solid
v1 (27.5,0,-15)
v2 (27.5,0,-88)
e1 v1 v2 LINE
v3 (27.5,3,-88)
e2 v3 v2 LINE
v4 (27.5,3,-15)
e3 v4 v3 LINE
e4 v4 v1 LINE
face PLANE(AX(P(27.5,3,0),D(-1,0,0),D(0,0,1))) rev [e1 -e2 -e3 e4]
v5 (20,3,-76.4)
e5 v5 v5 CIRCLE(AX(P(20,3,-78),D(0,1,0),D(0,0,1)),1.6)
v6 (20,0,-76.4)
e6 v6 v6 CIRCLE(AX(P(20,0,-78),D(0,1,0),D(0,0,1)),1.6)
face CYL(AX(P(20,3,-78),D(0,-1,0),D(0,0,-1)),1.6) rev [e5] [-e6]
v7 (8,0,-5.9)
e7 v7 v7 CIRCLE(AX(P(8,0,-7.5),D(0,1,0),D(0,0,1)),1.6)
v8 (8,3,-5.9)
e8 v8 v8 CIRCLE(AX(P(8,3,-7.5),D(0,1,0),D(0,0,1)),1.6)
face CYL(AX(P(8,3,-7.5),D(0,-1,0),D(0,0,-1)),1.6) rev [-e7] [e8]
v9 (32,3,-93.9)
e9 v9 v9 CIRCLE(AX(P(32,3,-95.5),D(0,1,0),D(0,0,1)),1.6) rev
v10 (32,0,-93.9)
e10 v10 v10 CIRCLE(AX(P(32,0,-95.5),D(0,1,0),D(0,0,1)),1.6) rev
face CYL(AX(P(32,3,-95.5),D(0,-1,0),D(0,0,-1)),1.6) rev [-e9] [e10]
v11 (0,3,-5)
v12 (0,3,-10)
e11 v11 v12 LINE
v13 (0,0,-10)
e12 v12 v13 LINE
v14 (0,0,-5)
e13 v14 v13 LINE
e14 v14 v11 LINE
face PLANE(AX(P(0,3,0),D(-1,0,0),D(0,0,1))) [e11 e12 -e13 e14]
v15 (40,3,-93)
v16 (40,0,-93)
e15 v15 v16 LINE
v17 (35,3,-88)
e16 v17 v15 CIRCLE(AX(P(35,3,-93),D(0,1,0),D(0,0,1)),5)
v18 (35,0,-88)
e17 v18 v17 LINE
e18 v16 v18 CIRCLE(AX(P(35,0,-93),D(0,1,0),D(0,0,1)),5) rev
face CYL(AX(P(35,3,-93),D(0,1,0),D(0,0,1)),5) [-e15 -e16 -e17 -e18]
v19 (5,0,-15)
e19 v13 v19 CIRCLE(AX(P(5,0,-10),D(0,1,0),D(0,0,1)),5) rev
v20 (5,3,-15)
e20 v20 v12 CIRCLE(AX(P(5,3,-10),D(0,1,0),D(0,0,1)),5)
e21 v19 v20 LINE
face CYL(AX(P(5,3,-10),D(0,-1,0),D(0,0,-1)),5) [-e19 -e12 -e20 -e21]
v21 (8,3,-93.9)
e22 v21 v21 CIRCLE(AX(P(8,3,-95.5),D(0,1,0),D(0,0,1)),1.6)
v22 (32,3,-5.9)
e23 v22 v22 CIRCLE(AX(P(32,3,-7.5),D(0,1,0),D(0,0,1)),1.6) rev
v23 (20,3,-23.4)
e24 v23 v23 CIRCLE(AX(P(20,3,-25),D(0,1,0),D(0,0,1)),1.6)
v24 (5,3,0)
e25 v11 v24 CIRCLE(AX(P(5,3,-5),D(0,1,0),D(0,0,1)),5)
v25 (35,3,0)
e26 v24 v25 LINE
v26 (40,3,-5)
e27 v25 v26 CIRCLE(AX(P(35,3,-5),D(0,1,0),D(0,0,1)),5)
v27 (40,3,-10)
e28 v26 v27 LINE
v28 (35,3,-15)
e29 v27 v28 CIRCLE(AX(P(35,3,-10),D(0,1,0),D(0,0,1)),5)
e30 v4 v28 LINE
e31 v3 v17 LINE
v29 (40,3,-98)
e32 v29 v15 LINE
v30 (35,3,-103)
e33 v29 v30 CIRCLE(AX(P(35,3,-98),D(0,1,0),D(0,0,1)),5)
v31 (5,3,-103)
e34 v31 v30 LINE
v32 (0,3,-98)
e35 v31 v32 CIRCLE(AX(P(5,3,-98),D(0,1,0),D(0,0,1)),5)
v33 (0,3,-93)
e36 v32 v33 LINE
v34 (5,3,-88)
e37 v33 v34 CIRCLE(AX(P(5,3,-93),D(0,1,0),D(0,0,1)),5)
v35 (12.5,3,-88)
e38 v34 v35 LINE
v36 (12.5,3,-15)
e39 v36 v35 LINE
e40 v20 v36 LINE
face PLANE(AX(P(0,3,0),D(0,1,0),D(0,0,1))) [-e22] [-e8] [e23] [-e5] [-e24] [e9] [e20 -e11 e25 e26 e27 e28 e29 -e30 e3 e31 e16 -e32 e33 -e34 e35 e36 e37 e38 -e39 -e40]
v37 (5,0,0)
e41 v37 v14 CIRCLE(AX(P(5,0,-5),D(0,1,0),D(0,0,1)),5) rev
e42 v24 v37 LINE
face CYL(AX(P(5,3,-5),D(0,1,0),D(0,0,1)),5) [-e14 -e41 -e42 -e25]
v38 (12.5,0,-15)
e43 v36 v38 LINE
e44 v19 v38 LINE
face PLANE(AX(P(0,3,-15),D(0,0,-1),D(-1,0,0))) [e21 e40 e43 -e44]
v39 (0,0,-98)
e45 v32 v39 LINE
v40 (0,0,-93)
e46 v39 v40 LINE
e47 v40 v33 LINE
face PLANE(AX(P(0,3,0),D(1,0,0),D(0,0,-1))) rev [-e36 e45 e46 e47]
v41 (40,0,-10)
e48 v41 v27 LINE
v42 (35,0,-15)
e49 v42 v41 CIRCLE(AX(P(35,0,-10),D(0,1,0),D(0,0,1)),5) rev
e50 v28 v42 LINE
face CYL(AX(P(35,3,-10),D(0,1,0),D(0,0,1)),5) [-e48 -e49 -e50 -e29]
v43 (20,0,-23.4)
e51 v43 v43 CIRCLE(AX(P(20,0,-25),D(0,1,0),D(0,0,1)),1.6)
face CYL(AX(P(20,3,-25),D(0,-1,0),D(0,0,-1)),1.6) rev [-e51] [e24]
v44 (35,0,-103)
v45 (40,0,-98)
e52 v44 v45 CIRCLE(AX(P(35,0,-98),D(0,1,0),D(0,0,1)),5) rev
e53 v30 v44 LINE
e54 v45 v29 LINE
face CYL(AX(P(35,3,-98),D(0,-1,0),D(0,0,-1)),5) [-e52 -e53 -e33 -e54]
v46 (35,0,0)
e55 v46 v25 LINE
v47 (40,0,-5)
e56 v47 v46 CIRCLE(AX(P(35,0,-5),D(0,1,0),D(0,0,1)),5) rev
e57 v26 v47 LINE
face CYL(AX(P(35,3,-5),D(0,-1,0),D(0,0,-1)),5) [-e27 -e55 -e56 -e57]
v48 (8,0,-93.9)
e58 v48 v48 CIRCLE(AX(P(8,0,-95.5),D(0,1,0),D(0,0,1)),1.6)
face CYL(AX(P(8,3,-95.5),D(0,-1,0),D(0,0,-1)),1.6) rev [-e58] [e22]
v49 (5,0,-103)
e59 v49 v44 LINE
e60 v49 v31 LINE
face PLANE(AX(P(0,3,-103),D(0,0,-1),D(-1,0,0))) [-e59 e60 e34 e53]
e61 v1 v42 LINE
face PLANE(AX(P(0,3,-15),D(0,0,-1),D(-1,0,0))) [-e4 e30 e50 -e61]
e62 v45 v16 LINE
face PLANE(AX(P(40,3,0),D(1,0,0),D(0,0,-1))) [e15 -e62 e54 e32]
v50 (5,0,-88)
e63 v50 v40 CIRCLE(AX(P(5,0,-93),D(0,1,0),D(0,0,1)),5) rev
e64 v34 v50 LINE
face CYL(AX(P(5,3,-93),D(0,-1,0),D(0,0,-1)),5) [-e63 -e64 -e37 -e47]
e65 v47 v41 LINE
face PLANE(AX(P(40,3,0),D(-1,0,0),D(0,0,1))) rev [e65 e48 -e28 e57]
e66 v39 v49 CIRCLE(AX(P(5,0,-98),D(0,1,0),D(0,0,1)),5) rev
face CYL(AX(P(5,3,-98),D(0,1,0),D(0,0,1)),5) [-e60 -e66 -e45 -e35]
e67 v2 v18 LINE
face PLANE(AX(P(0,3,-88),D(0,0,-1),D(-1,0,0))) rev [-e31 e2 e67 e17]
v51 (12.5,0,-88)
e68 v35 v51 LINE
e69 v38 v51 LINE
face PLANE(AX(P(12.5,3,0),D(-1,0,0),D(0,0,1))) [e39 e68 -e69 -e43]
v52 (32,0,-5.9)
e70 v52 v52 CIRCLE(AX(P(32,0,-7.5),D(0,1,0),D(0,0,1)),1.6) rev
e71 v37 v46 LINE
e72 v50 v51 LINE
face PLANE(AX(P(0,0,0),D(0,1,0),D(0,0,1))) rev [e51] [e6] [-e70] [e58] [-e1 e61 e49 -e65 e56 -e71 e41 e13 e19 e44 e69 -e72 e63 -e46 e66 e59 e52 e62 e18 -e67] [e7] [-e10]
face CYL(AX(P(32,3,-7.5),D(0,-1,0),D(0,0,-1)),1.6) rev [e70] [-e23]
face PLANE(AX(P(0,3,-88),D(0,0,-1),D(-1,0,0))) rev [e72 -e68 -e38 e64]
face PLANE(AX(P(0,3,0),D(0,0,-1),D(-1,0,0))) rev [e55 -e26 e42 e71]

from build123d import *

# Parameters (mm, degrees)
SKETCH1_R           = 1.6
SKETCH1_W           = 15
SKETCH1_H           = 73
SKETCH1_W_2         = 40
SKETCH1_H_2         = 15
BOSS_EXTRUDE1_DEPTH = 3
FILLET1_R           = 5


with BuildPart() as part:
    # Sketch1 → Boss-Extrude1 (new body)
    # profile 1 of 3: a face of its own
    with BuildSketch(Plane(origin=(0, 0, 0), x_dir=(1, 0, 0), z_dir=(0, 1, 0))):
        Polygon((0, 88), (12.5, 88), (27.5, 88), (40, 88), (40, 103), (0, 103), align=None)
        with Locations(Location((8, 95.5, 0), (0, 0, 270))):
            Circle(SKETCH1_R, mode=Mode.SUBTRACT)
        with Locations(Location((32, 95.5, 0), (0, 0, 270))):
            Circle(SKETCH1_R, mode=Mode.SUBTRACT)
    # profile 2 of 3: a face of its own
    with BuildSketch(Plane(origin=(0, 0, 0), x_dir=(1, 0, 0), z_dir=(0, 1, 0))):
        with Locations((20, 51.5)):
            Rectangle(SKETCH1_W, SKETCH1_H)
        with Locations(Location((20, 25, 0), (0, 0, 270))):
            Circle(SKETCH1_R, mode=Mode.SUBTRACT)
        with Locations(Location((20, 78, 0), (0, 0, 270))):
            Circle(SKETCH1_R, mode=Mode.SUBTRACT)
    # profile 3 of 3: a face of its own
    with BuildSketch(Plane(origin=(0, 0, 0), x_dir=(1, 0, 0), z_dir=(0, 1, 0))):
        with Locations((20, 7.5)):
            Rectangle(SKETCH1_W_2, SKETCH1_H_2)
        with Locations(Location((8, 7.5, 0), (0, 0, 270))):
            Circle(SKETCH1_R, mode=Mode.SUBTRACT)
        with Locations(Location((32, 7.5, 0), (0, 0, 270))):
            Circle(SKETCH1_R, mode=Mode.SUBTRACT)
    extrude(amount=BOSS_EXTRUDE1_DEPTH)

    # Fillet1
    fillet1_edges = [part.edges().sort_by_distance(p)[0] for p in [
        (40, 1.5, -88),
        (40, 1.5, -15),
        (40, 1.5, 0),
        (0, 1.5, 0),
        (0, 1.5, -15),
        (0, 1.5, -88),
        (0, 1.5, -103),
        (40, 1.5, -103),
    ]]
    fillet(fillet1_edges, radius=FILLET1_R)


solid = part.part
